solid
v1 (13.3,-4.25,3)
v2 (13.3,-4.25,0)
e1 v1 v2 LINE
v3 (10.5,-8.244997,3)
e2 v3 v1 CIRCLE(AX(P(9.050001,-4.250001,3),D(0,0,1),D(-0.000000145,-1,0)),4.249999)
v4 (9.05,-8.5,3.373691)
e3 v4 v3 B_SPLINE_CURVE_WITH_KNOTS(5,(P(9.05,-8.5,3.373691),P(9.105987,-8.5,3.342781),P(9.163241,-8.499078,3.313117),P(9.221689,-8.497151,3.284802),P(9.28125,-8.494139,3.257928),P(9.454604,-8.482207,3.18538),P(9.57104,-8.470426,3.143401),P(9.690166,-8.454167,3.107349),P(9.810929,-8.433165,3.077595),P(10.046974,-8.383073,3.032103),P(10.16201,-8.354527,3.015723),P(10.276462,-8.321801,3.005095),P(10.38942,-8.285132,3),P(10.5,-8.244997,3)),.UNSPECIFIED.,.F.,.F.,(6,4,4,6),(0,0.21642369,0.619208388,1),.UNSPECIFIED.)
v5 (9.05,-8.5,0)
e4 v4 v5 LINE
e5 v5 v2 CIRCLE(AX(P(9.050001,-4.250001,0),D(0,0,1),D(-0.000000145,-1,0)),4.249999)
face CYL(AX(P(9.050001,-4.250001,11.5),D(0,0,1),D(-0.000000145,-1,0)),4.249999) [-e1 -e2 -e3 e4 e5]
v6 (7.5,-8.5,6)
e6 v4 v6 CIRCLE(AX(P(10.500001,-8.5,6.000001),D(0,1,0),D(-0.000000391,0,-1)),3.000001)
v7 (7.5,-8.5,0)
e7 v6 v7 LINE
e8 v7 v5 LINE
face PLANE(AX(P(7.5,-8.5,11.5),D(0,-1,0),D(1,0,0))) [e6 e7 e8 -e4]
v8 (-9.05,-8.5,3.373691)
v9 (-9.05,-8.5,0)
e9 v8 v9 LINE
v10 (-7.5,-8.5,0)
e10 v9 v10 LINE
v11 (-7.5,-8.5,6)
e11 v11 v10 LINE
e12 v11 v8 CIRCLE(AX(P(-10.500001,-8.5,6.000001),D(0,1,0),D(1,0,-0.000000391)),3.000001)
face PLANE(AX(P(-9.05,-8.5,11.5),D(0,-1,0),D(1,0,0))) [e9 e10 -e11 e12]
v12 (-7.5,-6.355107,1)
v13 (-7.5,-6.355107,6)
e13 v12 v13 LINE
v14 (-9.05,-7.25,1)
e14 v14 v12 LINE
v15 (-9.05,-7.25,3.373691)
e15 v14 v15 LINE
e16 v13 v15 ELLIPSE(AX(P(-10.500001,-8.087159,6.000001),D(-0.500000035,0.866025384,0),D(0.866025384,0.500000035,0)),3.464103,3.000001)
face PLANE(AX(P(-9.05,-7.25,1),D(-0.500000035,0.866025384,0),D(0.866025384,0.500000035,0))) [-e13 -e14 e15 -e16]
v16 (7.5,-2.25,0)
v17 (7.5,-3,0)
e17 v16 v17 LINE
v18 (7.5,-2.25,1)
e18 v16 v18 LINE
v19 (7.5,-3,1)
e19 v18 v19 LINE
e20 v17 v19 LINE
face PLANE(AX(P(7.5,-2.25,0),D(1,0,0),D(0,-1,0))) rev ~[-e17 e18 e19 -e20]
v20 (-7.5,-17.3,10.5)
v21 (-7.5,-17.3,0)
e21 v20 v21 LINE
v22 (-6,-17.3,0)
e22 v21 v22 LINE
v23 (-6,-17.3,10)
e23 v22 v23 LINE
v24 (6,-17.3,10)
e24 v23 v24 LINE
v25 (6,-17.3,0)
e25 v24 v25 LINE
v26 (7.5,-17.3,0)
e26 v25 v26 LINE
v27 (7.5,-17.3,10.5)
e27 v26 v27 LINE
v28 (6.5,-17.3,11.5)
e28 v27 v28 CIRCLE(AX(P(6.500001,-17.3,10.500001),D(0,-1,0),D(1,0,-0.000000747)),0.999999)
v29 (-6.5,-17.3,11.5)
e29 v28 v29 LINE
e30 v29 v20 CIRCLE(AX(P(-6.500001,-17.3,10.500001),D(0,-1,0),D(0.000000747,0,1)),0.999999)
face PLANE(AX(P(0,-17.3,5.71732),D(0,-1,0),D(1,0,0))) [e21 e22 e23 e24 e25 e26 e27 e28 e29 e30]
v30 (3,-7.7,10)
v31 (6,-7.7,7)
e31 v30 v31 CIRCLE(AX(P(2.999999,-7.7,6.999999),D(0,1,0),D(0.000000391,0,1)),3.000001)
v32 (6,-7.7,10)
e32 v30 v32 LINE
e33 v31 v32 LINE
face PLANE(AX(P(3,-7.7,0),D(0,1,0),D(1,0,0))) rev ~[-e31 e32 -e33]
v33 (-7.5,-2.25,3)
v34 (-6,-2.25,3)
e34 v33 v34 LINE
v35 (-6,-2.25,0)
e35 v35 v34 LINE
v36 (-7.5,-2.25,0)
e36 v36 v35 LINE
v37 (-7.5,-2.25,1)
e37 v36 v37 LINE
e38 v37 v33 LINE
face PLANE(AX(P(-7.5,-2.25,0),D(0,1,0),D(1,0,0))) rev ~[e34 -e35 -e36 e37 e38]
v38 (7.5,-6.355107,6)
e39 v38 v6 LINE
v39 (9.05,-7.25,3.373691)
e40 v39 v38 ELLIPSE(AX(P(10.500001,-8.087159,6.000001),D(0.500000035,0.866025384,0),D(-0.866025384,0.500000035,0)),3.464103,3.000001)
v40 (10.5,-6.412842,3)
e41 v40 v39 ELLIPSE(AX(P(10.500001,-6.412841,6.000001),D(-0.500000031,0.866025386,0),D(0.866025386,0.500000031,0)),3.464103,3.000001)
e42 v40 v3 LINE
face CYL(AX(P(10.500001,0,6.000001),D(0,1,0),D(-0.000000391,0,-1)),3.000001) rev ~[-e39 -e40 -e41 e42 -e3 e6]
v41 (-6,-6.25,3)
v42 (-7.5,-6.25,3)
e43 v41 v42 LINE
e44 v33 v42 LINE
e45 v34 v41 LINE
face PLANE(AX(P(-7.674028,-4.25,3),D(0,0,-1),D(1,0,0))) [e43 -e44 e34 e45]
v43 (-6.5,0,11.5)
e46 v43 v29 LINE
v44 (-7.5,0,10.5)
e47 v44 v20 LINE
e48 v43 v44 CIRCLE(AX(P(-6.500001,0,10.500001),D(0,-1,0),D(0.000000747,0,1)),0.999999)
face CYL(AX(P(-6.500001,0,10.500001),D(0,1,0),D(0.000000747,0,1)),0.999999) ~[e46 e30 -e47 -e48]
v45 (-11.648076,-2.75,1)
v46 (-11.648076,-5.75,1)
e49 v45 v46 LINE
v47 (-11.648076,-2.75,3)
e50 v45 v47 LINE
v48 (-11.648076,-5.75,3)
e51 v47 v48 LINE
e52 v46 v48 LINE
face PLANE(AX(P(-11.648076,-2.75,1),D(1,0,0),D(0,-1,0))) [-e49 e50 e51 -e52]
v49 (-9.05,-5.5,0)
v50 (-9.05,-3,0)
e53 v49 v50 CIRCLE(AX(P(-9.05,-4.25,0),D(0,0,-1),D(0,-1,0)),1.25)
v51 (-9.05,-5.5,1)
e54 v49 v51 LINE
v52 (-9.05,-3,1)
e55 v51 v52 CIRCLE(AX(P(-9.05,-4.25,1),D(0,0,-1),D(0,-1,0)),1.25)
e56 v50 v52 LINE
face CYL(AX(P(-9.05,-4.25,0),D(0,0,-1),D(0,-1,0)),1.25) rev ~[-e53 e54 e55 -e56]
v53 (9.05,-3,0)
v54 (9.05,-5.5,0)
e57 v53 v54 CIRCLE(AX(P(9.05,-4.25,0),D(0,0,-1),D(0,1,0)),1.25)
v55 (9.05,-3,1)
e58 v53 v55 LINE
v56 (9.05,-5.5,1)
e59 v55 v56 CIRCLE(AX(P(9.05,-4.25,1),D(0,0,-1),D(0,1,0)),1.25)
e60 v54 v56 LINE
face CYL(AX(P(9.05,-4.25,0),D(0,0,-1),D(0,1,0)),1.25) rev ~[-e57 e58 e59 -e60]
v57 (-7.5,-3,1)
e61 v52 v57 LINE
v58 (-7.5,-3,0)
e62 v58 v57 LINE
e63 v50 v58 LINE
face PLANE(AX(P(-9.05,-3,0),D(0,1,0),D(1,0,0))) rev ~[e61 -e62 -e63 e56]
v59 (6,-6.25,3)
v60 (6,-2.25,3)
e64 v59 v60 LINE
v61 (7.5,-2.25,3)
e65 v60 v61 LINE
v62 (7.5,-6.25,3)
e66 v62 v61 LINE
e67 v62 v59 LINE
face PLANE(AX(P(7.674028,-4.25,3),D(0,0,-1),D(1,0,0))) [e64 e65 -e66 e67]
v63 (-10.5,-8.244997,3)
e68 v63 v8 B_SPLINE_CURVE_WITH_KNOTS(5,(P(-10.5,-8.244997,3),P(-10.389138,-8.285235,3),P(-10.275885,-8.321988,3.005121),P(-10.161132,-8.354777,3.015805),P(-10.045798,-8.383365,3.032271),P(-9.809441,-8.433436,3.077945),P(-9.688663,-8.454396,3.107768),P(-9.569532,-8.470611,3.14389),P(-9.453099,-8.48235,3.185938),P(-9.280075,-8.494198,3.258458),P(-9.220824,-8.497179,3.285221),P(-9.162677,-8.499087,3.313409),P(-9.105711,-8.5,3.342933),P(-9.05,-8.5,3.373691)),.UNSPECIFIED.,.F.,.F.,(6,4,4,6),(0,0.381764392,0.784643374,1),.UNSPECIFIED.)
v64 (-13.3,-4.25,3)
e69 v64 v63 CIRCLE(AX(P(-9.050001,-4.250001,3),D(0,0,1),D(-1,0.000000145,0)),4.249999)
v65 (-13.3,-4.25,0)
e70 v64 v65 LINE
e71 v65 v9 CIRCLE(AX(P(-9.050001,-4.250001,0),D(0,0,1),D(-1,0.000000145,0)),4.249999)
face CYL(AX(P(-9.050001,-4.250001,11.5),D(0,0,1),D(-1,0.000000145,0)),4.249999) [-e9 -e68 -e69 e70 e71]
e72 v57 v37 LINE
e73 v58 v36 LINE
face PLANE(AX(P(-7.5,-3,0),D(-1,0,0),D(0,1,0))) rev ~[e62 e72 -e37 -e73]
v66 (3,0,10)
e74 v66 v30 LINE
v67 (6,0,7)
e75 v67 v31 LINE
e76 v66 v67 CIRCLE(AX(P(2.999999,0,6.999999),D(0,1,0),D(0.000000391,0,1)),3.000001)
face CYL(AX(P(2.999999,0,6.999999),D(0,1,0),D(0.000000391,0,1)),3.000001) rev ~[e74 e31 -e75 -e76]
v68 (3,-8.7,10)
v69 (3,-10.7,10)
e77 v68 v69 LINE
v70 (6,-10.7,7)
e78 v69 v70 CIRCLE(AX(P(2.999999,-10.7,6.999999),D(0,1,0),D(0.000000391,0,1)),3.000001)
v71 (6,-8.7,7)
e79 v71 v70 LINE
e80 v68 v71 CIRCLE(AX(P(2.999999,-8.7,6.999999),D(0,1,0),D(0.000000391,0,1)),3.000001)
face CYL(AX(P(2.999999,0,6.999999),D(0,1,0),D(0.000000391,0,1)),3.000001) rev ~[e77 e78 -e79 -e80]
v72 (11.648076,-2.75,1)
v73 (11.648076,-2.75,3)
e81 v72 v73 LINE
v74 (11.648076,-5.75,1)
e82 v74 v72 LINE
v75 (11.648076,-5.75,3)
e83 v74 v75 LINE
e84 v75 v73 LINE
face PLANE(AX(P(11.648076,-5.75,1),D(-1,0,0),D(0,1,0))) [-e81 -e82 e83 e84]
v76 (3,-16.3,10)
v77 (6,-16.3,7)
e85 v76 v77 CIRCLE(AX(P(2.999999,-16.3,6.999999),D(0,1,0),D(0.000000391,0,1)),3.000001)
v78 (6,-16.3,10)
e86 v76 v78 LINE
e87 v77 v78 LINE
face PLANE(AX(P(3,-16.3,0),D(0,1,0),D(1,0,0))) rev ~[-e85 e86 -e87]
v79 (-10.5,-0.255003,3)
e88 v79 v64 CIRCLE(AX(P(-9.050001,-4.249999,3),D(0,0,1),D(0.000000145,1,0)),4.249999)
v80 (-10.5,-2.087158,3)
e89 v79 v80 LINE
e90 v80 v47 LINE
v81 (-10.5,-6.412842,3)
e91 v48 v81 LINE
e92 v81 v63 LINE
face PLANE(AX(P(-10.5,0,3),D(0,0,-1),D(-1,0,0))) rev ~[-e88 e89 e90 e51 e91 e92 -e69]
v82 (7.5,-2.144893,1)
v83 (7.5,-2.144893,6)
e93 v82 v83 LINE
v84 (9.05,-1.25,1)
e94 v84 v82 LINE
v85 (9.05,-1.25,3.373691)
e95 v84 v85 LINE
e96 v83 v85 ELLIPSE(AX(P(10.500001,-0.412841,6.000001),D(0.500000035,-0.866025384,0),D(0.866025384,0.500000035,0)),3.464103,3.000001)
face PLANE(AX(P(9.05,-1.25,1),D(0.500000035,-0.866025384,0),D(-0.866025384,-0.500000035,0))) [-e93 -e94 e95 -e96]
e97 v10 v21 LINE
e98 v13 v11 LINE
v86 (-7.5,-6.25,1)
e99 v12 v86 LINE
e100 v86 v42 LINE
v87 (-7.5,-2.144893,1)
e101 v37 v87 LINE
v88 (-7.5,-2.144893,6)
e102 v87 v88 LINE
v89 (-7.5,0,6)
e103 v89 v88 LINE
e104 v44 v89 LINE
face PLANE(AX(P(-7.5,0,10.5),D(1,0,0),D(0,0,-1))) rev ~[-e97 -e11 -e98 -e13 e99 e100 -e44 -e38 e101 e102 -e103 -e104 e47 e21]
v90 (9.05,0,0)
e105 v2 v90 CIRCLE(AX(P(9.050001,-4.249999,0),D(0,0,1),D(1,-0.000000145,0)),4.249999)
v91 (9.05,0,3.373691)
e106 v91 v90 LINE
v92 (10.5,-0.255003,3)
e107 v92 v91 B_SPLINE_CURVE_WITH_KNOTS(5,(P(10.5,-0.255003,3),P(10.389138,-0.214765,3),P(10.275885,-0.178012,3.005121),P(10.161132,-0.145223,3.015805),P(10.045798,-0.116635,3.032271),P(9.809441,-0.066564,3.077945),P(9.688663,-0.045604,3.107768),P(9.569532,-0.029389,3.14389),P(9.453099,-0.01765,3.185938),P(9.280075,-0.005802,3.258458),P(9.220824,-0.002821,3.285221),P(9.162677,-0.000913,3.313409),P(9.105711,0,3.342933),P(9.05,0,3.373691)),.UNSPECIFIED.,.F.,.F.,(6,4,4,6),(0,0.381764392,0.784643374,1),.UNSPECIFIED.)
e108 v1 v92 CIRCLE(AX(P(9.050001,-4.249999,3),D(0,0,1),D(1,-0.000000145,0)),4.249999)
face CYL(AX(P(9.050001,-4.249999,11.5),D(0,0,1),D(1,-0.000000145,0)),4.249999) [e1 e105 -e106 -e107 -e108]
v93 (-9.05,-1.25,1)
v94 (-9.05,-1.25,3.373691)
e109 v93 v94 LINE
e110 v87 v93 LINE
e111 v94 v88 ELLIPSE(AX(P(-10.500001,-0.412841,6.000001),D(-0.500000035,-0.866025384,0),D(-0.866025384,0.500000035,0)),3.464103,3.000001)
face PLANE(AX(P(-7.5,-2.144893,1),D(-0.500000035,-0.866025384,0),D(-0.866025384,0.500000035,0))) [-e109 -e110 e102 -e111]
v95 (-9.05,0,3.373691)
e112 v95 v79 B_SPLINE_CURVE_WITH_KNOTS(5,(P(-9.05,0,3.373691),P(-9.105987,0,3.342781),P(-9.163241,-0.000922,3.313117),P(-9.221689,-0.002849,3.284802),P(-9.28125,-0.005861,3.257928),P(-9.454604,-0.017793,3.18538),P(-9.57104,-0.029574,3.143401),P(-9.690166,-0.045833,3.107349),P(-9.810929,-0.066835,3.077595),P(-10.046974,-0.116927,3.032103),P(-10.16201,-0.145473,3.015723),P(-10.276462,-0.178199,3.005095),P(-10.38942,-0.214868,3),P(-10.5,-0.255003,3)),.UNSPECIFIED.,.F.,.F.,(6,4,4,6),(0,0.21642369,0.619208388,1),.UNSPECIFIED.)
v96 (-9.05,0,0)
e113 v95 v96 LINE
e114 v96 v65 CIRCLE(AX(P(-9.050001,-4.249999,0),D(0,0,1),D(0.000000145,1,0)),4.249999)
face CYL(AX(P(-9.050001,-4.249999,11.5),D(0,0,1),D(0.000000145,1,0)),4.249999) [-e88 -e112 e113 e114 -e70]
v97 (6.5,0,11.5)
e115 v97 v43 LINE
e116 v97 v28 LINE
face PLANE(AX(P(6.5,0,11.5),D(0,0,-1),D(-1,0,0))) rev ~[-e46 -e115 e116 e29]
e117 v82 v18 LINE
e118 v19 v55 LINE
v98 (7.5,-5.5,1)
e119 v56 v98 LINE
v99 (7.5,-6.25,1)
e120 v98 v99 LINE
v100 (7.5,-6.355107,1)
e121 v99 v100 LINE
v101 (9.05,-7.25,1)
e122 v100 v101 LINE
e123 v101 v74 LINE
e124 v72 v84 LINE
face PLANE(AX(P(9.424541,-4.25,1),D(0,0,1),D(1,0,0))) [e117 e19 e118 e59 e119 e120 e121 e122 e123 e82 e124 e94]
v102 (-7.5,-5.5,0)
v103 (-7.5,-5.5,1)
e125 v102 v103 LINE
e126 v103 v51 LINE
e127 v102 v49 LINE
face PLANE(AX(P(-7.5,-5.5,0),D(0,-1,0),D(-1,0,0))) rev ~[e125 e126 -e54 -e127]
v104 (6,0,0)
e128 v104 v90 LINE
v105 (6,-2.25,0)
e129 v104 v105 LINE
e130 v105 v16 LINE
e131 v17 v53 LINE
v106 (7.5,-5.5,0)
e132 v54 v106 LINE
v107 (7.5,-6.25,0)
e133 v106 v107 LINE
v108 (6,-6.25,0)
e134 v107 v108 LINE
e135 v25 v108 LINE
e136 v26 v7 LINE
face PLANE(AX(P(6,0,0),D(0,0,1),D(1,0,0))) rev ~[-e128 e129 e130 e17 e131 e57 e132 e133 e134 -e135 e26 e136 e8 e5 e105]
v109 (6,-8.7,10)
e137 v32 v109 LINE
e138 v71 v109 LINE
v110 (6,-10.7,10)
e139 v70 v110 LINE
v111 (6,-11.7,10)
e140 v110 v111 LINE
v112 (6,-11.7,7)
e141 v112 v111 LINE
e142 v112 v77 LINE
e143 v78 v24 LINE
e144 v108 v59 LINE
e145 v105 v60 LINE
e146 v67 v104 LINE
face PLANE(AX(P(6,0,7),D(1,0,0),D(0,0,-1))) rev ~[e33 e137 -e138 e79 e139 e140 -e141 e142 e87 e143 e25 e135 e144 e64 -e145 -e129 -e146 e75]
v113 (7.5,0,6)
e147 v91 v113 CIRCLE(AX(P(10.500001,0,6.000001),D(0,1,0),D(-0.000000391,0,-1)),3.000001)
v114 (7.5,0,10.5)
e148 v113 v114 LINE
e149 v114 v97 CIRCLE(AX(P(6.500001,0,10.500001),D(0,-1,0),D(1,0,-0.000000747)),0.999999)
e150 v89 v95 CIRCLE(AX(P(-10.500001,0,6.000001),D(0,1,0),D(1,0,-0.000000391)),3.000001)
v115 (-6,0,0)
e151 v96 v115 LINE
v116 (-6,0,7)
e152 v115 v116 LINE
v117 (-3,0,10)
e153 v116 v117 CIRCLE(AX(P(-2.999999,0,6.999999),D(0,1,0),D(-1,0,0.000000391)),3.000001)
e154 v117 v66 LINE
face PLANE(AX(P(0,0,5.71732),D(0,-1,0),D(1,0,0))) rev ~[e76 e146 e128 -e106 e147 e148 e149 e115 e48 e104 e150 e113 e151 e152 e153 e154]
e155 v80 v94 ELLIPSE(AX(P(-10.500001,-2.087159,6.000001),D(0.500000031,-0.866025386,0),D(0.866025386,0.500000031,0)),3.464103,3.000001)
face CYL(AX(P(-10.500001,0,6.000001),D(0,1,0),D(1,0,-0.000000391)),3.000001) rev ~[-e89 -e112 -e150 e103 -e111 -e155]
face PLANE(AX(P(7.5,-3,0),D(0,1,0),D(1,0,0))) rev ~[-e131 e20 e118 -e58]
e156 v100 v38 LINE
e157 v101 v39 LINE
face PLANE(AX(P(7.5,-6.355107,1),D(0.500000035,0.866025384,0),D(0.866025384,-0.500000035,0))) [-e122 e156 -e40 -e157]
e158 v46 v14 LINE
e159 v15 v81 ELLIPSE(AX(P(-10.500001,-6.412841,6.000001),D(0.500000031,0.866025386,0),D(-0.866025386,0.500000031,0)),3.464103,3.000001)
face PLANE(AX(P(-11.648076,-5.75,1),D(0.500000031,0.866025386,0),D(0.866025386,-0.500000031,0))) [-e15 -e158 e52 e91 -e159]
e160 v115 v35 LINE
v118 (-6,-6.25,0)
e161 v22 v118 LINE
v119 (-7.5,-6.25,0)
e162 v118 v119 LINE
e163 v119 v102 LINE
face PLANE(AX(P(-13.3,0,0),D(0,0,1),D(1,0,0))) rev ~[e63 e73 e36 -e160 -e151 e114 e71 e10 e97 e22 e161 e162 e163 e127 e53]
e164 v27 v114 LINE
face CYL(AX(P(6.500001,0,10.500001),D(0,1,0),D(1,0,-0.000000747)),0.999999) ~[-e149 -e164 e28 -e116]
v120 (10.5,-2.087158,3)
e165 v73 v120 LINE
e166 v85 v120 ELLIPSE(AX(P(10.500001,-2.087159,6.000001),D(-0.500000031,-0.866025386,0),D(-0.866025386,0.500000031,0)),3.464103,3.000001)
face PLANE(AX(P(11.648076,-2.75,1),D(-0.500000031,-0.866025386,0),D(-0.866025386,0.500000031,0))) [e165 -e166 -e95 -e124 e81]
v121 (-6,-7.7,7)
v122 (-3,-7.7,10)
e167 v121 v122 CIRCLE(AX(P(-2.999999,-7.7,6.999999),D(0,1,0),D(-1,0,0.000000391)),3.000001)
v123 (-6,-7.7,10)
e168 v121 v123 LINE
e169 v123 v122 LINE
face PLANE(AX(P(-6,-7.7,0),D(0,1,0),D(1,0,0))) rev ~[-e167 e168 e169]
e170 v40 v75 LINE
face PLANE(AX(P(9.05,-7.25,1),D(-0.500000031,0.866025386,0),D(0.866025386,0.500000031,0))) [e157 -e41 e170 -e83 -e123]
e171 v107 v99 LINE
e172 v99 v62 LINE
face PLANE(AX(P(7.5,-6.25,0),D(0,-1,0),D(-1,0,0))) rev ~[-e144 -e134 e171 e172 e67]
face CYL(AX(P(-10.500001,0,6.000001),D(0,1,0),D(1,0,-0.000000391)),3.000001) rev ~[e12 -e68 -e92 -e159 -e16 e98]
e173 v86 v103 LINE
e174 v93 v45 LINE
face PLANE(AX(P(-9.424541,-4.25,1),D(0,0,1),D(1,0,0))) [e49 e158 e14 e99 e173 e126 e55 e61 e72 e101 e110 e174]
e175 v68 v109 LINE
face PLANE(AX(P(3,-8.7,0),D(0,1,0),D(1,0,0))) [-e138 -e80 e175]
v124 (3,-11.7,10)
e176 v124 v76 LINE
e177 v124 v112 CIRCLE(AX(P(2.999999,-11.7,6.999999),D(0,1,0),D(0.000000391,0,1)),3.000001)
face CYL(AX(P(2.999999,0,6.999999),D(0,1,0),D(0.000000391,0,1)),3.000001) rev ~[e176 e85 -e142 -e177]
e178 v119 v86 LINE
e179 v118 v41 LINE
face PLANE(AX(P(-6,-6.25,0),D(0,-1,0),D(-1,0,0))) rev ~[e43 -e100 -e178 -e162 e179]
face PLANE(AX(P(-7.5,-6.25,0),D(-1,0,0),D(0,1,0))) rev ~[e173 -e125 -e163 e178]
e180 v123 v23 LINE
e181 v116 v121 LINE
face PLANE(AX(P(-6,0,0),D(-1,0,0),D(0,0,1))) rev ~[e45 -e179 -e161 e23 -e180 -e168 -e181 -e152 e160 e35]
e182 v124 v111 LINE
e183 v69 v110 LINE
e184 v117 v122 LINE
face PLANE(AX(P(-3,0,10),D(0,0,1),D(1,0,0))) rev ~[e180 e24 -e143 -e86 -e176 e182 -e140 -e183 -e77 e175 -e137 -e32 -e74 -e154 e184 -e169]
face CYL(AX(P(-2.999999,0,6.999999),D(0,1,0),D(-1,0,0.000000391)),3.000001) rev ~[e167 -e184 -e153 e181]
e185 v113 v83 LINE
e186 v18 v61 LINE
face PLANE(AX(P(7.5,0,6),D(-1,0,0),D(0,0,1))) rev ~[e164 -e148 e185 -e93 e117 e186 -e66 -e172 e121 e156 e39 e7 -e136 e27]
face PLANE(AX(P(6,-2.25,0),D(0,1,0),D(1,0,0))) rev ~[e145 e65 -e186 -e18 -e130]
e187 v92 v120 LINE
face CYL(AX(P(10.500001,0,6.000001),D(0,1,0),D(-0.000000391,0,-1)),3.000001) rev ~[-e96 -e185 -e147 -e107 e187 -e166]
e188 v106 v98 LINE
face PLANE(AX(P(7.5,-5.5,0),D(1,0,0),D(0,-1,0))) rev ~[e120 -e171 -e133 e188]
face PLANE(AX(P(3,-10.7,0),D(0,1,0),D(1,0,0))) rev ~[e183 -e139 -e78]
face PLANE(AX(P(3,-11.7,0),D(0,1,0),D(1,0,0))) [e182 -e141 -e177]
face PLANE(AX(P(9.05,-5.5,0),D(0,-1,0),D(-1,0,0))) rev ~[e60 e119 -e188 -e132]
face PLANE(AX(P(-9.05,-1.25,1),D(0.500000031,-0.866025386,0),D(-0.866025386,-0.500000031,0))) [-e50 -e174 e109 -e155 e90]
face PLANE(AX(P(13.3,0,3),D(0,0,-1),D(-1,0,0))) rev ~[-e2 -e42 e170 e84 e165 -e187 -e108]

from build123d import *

# Parameters (mm, degrees)
F1_DEPTH  = 17.3
F3_DEPTH  = 11.501
F5_DEPTH  = 3
F8_DEPTH  = 10.501
F9_W      = 3
F9_H      = 9.6
F9_H_2    = 1
F10_DEPTH = 10


with BuildPart() as f1:
    # F0 (on Front) → F1 (new body)
    with BuildSketch(Plane.XZ):
        with BuildLine():
            Line((6.5, 11.5), (0, 11.5))
            Line((0, 11.5), (-6.5, 11.5))
            ThreePointArc((-6.5, 11.5), (-7.207107, 11.207107), (-7.5, 10.5))
            Line((-7.5, 10.5), (-7.5, 6))
            ThreePointArc((-7.5, 6), (-8.37868, 3.87868), (-10.5, 3))
            Line((-10.5, 3), (-13.3, 3))
            Line((-13.3, 3), (-13.3, 0))
            Line((-13.3, 0), (-6, 0))
            Line((-6, 0), (-6, 7))
            ThreePointArc((-6, 7), (-5.12132, 9.12132), (-3, 10))
            Line((-3, 10), (0, 10))
            Line((0, 10), (3, 10))
            ThreePointArc((3, 10), (5.12132, 9.12132), (6, 7))
            Line((6, 7), (6, 0))
            Line((6, 0), (13.3, 0))
            Line((13.3, 0), (13.3, 3))
            Line((13.3, 3), (10.5, 3))
            ThreePointArc((10.5, 3), (8.37868, 3.87868), (7.5, 6))
            Line((7.5, 6), (7.5, 10.5))
            ThreePointArc((7.5, 10.5), (7.207107, 11.207107), (6.5, 11.5))
        make_face()
    extrude(amount=F1_DEPTH)

    # F2 (on face) → F3 (intersect, through all)
    with BuildSketch(Plane.XY.offset(11.5)):
        with BuildLine():
            Line((6.5, 0), (-6.5, 0))
            Line((-6.5, 0), (-7.5, 0))
            Line((-7.5, 0), (-9.05, 0))
            ThreePointArc((-9.05, 0), (-12.055204, -1.244796), (-13.3, -4.25))
            ThreePointArc((-13.3, -4.25), (-12.055204, -7.255204), (-9.05, -8.5))
            Line((-9.05, -8.5), (-7.5, -8.5))
            Line((-7.5, -8.5), (-7.5, -17.3))
            Line((-7.5, -17.3), (-6.5, -17.3))
            Line((-6.5, -17.3), (6.5, -17.3))
            Line((6.5, -17.3), (7.5, -17.3))
            Line((7.5, -17.3), (7.5, -8.5))
            Line((7.5, -8.5), (9.05, -8.5))
            ThreePointArc((9.05, -8.5), (12.055204, -7.255204), (13.3, -4.25))
            ThreePointArc((13.3, -4.25), (12.055204, -1.244796), (9.05, 0))
            Line((9.05, 0), (7.5, 0))
            Line((7.5, 0), (6.5, 0))
        make_face()
    extrude(amount=-F3_DEPTH, mode=Mode.INTERSECT)

    # F4 (on face) → F5 (cut)
    with BuildSketch(Plane(origin=(0, 0, 0), x_dir=(1, 0, 0), z_dir=(0, 0, -1))):
        with BuildLine():
            Line((-7.5, 6.25), (-7.5, 5.5))
            Line((-7.5, 5.5), (-9.05, 5.5))
            ThreePointArc((-9.05, 5.5), (-10.3, 4.25), (-9.05, 3))
            Line((-9.05, 3), (-7.5, 3))
            Line((-7.5, 3), (-7.5, 2.25))
            Line((-7.5, 2.25), (-6, 2.25))
            Line((-6, 2.25), (-6, 6.25))
            Line((-6, 6.25), (-7.5, 6.25))
        make_face()
        with BuildLine():
            Line((7.5, 6.25), (6, 6.25))
            Line((6, 6.25), (6, 2.25))
            Line((6, 2.25), (7.5, 2.25))
            Line((7.5, 2.25), (7.5, 3))
            Line((7.5, 3), (9.05, 3))
            ThreePointArc((9.05, 3), (10.3, 4.25), (9.05, 5.5))
            Line((9.05, 5.5), (7.5, 5.5))
            Line((7.5, 5.5), (7.5, 6.25))
        make_face()
    extrude(amount=-F5_DEPTH, mode=Mode.SUBTRACT)

    # F7 (on offset) → F8 (cut, through all)
    with BuildSketch(Plane.XY.offset(1)):
        Polygon((-11.648076, -2.75), (-11.648076, -5.75), (-9.05, -7.25), (-7.5, -6.355107), (-7.5, -2.144893), (-9.05, -1.25), align=None)
        Polygon((7.5, -2.144893), (7.5, -6.355107), (9.05, -7.25), (11.648076, -5.75), (11.648076, -2.75), (9.05, -1.25), align=None)
    extrude(amount=F8_DEPTH, mode=Mode.SUBTRACT)

    # F9 (on face) → F10 (cut, through all)
    with BuildSketch(Plane(origin=(0, 0, 0), x_dir=(1, 0, 0), z_dir=(0, 0, -1))):
        with Locations((-4.5, 12.5)):
            Rectangle(F9_W, F9_H)
        with Locations((4.5, 16.8)):
            Rectangle(F9_W, F9_H_2)
        with Locations((4.5, 8.2)):
            Rectangle(F9_W, F9_H_2)
        with Locations((4.5, 11.2)):
            Rectangle(F9_W, F9_H_2)
    extrude(amount=-F10_DEPTH, mode=Mode.SUBTRACT)


solid = f1.part
